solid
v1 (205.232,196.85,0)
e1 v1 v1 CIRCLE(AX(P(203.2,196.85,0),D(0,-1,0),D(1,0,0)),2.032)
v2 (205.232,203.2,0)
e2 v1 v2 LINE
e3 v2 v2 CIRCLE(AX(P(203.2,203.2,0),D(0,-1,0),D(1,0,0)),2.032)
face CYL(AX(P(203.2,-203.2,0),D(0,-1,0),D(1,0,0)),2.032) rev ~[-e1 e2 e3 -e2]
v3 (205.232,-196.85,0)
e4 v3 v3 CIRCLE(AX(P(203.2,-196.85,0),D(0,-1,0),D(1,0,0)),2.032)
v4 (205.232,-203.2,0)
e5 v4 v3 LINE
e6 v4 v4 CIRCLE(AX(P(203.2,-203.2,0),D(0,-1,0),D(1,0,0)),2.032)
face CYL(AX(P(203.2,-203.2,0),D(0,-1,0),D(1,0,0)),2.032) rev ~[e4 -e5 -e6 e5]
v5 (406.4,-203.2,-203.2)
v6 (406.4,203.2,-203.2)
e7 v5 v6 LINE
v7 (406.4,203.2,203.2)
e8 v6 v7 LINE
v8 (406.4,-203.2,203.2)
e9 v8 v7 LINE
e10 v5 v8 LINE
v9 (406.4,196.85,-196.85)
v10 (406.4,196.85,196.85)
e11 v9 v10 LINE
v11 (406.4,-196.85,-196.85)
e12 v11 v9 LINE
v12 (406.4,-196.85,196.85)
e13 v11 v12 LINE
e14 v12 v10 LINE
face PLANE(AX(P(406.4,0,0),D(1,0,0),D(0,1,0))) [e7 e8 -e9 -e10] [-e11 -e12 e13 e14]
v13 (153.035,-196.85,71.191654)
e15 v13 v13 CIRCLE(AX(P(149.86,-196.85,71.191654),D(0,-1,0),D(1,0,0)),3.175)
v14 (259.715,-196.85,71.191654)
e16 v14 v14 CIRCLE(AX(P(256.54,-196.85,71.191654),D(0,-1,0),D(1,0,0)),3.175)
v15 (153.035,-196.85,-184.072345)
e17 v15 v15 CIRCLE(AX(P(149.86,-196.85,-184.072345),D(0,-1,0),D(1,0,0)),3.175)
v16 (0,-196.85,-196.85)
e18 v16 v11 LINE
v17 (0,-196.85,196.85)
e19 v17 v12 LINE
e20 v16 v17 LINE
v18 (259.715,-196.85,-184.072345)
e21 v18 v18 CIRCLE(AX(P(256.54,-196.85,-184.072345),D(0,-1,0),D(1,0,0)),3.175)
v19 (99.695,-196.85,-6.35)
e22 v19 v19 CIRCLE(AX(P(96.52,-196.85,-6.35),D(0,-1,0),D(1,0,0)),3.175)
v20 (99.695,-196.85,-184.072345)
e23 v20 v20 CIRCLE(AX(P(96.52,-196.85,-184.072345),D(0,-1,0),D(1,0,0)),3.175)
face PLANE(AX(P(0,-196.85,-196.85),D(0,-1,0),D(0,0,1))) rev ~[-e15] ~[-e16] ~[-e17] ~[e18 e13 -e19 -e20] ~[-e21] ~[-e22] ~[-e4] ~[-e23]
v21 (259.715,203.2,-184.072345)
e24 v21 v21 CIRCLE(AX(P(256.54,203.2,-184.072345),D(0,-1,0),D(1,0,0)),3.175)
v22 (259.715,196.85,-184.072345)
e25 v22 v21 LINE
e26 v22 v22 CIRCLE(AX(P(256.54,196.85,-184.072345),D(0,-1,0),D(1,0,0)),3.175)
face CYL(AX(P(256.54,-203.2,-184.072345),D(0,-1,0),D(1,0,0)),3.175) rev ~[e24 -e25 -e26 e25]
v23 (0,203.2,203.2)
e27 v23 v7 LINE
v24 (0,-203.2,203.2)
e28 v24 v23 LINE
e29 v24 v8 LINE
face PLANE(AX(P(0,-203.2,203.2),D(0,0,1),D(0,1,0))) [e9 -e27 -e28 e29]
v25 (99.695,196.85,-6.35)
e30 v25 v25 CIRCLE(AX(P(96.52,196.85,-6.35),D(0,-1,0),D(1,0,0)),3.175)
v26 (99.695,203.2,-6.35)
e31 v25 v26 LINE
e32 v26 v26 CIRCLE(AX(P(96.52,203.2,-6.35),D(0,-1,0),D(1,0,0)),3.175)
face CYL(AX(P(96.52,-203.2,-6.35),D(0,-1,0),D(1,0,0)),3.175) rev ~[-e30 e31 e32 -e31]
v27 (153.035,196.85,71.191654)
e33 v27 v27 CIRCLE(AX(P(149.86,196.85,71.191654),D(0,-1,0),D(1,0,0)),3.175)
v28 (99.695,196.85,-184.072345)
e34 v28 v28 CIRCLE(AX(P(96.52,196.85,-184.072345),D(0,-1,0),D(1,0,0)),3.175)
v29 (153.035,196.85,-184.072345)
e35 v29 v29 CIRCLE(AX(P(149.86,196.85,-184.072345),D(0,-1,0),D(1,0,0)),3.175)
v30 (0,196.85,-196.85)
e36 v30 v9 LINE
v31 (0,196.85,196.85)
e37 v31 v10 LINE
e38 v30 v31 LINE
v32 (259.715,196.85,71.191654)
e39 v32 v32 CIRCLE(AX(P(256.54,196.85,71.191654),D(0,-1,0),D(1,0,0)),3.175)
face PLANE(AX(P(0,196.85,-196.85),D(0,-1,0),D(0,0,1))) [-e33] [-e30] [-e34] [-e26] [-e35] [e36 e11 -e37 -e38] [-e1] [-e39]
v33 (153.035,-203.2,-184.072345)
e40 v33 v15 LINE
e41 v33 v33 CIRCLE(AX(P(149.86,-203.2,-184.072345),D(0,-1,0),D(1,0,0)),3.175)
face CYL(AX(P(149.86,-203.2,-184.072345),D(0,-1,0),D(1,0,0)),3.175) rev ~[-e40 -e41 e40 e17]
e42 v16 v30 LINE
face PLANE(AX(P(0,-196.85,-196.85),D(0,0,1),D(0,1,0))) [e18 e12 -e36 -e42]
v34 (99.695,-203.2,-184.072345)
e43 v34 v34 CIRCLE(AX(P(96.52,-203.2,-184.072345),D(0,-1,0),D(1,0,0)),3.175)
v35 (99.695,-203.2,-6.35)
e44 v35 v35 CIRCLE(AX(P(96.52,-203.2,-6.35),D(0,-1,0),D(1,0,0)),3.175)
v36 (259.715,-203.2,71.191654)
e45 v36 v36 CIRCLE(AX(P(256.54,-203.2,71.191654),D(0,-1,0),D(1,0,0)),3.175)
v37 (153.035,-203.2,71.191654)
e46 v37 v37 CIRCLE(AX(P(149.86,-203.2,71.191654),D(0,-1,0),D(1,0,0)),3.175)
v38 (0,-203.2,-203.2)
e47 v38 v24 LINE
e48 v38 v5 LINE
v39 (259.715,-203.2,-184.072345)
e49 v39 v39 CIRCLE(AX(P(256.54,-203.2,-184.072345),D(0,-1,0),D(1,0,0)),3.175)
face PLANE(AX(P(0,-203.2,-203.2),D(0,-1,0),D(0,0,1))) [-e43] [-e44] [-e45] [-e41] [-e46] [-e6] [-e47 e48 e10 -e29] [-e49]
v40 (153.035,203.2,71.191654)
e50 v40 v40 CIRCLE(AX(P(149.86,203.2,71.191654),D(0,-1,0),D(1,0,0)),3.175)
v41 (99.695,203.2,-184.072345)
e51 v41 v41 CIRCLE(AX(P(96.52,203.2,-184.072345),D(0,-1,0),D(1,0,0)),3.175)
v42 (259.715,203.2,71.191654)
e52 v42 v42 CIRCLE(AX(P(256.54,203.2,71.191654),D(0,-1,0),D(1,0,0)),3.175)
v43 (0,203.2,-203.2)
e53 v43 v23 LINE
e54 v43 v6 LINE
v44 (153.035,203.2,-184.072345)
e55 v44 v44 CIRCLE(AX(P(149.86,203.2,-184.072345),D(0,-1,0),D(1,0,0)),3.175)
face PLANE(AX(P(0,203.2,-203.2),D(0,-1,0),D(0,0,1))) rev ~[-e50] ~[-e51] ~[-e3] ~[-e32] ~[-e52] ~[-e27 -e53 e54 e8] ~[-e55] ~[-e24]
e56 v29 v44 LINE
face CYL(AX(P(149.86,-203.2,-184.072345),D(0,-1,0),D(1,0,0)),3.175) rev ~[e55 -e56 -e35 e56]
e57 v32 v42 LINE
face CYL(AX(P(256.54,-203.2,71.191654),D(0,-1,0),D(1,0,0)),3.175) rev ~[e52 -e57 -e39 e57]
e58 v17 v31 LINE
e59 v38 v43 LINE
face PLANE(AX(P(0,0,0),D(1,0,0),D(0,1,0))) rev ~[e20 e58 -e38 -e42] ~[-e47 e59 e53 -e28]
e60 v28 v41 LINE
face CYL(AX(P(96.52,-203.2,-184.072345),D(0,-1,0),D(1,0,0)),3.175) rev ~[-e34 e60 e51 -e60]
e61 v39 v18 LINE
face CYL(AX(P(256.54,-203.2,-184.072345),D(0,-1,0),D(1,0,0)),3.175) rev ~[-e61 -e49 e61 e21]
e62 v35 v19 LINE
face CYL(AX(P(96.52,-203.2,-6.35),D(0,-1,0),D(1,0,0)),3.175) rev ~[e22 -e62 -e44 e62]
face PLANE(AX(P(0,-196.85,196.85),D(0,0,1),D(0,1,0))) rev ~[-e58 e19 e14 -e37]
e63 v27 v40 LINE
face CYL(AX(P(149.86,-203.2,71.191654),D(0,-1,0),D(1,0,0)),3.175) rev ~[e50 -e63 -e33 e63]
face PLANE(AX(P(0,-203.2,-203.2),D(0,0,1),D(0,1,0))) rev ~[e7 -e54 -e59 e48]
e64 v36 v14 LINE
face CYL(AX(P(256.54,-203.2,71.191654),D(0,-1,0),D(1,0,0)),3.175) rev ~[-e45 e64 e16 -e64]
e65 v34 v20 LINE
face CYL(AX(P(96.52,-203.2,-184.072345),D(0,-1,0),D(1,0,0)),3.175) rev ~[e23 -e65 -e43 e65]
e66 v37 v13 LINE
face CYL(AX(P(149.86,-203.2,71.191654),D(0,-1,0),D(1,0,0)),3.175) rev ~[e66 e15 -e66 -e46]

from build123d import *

# Parameters (mm, degrees)
F0_W     = 406.4
F0_H     = 406.4
F0_W_2   = 393.7
F0_H_2   = 393.7
F1_DEPTH = 406.4
F2_W     = 406.4
F2_H     = 406.4
F2_R     = 3.175
F2_R_2   = 2.032
F3_DEPTH = 406.4


with BuildPart() as f1:
    # F0 (on Right) → F1 (new body)
    with BuildSketch(Plane.YZ):
        Rectangle(F0_W, F0_H)
        Rectangle(F0_W_2, F0_H_2, mode=Mode.SUBTRACT)
    extrude(amount=F1_DEPTH)

    # F2 (on face) → F3 (intersect)
    with BuildSketch(Plane.XZ.offset(203.2)):
        with Locations((203.2, 0)):
            Rectangle(F2_W, F2_H)
        with Locations((96.52, -184.072345)):
            Circle(F2_R, mode=Mode.SUBTRACT)
        with Locations((149.86, -184.072345)):
            Circle(F2_R, mode=Mode.SUBTRACT)
        with Locations((96.52, -6.35)):
            Circle(F2_R, mode=Mode.SUBTRACT)
        with Locations((256.54, -184.072345)):
            Circle(F2_R, mode=Mode.SUBTRACT)
        with Locations((203.2, 0)):
            Circle(F2_R_2, mode=Mode.SUBTRACT)
        with Locations((149.86, 71.191654)):
            Circle(F2_R, mode=Mode.SUBTRACT)
        with Locations((256.54, 71.191654)):
            Circle(F2_R, mode=Mode.SUBTRACT)
    extrude(amount=-F3_DEPTH, mode=Mode.INTERSECT)


solid = f1.part
